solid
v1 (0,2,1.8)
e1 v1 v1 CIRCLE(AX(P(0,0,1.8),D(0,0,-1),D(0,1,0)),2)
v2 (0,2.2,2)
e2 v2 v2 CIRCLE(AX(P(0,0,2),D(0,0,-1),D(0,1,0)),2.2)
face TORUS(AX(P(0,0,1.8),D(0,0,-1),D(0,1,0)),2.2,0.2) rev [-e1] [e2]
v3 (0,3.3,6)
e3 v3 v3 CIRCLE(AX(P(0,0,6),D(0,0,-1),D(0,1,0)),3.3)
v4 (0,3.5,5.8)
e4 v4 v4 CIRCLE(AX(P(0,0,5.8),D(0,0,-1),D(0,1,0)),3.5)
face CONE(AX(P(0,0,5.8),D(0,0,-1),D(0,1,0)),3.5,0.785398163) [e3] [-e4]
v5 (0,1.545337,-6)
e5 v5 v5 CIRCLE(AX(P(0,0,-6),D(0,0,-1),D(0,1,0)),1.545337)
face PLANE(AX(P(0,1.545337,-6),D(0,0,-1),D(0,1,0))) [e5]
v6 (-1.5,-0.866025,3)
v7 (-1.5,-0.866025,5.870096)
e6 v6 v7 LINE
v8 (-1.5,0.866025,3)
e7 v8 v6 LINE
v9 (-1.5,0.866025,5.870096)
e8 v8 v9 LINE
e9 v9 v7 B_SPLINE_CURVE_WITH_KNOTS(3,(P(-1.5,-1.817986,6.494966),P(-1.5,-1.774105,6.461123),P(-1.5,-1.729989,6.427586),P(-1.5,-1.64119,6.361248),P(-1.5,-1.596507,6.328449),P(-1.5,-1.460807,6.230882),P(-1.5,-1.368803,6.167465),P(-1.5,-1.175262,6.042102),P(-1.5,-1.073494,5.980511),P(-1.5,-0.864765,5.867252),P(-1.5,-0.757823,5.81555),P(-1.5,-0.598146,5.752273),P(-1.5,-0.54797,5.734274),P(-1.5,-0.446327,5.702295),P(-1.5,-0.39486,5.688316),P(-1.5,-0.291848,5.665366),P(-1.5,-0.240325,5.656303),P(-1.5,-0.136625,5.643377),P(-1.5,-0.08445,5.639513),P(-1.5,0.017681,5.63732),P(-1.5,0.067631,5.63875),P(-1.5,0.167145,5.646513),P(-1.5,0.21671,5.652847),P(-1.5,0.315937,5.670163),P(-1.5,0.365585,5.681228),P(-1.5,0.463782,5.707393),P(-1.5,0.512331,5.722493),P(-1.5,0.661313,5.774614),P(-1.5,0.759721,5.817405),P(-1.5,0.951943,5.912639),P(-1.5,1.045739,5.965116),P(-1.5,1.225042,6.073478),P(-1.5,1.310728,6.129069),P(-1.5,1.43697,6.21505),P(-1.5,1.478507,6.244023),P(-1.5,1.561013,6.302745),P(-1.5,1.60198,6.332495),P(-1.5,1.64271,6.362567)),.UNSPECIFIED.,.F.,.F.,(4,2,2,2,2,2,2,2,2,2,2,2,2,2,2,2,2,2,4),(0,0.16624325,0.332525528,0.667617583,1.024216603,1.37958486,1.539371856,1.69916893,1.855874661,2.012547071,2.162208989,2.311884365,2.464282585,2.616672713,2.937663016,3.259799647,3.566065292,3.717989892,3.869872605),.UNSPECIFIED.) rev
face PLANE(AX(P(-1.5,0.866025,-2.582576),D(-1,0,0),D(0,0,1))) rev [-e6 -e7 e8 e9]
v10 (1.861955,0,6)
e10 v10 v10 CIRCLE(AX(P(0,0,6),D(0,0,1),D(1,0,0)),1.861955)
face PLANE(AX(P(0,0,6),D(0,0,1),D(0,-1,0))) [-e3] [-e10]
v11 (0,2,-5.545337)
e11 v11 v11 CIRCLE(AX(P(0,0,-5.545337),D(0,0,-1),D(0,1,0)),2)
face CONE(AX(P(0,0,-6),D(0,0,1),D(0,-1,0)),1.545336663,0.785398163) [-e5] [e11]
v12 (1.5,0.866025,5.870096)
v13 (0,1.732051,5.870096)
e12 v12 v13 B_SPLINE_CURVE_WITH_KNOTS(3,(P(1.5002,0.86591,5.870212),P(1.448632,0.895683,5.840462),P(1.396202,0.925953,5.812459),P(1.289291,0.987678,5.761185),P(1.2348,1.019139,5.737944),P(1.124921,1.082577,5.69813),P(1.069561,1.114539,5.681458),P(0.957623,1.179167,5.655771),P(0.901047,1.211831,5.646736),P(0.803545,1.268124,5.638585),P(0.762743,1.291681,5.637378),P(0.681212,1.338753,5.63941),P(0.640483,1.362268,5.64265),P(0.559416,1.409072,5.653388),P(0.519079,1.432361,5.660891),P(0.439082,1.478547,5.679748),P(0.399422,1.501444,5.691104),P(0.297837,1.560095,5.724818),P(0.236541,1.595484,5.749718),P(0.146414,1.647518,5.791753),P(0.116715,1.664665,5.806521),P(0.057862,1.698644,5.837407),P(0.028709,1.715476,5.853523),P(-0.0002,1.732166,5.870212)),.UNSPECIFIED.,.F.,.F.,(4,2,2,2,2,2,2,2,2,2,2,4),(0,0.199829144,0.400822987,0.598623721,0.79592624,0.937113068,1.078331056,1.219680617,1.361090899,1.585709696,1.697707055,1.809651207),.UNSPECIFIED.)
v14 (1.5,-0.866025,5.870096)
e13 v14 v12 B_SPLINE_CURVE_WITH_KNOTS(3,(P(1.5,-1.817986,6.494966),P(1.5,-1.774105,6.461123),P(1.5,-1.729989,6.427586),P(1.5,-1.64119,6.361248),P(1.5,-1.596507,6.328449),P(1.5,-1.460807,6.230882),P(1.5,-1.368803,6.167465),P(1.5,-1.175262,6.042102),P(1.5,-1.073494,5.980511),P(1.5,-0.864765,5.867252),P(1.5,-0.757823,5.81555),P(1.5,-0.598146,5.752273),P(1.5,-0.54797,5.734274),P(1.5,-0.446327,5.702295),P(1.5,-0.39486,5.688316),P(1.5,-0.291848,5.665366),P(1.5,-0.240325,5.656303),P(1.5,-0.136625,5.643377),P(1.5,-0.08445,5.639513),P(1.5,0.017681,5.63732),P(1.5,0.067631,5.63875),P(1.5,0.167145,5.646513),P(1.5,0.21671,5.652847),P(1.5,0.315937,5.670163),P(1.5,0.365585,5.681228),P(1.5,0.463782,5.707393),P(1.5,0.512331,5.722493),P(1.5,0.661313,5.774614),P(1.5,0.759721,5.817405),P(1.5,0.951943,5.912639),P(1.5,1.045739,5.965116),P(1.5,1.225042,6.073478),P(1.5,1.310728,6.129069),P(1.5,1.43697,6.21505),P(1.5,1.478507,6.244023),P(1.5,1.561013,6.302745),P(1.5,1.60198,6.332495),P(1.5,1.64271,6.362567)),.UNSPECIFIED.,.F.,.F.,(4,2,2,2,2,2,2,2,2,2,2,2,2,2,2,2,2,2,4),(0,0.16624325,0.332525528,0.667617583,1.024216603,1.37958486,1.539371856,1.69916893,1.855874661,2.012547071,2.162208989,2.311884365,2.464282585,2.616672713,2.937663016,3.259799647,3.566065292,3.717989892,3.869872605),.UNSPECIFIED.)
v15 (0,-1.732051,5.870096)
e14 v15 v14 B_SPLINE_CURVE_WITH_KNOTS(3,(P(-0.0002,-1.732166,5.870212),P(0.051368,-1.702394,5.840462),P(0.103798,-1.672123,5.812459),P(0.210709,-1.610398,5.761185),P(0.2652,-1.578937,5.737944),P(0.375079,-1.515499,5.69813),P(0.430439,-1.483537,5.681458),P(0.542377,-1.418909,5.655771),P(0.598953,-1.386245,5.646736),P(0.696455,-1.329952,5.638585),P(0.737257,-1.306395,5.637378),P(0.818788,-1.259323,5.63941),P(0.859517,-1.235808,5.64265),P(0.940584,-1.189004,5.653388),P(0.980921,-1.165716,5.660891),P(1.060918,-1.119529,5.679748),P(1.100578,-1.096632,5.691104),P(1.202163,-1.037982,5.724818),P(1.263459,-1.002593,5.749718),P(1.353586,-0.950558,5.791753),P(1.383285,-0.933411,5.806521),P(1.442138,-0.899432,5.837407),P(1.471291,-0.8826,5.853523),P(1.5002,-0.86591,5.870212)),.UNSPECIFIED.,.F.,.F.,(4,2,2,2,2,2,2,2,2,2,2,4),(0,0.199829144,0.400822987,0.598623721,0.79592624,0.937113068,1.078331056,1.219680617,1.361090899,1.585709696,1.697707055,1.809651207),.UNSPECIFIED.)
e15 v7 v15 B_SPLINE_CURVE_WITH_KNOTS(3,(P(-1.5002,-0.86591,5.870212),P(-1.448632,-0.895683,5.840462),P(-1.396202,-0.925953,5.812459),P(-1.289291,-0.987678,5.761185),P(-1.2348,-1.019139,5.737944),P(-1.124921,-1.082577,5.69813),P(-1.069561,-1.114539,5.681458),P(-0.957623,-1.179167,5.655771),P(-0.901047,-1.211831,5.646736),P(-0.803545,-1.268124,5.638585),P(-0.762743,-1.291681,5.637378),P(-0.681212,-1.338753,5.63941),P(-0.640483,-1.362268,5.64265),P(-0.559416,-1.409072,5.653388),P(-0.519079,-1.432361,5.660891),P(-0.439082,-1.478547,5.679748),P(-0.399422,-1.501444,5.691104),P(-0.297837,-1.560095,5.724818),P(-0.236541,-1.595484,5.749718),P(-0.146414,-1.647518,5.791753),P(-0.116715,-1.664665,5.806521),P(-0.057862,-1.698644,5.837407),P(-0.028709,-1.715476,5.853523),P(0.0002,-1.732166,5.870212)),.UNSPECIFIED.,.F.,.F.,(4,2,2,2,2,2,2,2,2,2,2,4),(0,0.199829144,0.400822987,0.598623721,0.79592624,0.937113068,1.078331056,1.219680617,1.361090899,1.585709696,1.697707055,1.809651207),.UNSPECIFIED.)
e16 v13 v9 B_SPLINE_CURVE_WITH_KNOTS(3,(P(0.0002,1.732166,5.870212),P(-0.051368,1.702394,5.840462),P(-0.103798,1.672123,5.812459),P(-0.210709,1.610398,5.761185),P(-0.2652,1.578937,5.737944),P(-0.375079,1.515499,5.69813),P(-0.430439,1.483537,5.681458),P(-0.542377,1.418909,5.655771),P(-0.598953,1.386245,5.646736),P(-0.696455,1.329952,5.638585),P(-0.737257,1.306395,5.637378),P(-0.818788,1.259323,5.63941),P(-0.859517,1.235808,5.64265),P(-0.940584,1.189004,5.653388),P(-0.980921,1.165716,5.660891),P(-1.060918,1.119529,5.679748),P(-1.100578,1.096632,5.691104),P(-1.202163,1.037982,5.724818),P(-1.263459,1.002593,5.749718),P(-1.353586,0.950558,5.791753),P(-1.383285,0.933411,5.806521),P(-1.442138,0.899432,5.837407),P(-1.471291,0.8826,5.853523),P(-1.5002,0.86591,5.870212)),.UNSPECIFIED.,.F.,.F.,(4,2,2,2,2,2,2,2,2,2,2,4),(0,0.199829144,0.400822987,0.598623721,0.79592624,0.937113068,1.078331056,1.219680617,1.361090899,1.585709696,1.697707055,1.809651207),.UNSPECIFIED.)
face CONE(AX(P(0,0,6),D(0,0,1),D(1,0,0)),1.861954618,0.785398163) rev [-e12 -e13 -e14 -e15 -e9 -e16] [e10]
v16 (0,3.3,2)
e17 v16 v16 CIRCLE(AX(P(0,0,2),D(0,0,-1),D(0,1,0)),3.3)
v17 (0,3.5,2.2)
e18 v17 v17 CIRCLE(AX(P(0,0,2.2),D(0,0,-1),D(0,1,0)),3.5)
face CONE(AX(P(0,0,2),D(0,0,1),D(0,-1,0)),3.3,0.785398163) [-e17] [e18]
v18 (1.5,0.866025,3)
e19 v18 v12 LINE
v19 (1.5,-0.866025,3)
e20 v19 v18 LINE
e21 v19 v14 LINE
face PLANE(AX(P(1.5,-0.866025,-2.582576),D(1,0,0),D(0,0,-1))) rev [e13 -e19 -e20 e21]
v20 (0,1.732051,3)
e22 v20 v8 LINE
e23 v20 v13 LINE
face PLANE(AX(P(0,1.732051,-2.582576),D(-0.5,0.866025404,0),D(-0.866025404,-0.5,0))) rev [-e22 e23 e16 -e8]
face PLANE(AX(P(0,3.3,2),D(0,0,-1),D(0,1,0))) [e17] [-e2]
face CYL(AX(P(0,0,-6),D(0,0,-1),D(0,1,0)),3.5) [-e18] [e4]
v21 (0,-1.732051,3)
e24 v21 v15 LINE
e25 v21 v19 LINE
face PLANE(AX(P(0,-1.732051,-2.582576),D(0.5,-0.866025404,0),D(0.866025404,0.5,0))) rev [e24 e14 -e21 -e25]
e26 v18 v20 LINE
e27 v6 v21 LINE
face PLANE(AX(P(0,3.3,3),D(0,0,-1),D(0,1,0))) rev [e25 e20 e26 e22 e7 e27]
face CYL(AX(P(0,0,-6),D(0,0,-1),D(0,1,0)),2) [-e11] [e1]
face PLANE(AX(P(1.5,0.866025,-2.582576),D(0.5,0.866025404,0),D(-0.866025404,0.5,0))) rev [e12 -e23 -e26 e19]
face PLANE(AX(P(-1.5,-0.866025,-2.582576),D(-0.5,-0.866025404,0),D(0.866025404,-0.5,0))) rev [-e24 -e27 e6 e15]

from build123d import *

# Parameters (mm, degrees)
CUT_EXTRUDE1_DEPTH = 3
SKETCH4_R          = 1.861954618
CUT_EXTRUDE2_DEPTH = 3
CUT_EXTRUDE2_DRAFT = -45


with BuildPart() as part:
    # Sketch2 → Revolve1 (revolve)
    with BuildSketch(Plane(origin=(0, 0, 0), x_dir=(0, 0, -1), z_dir=(1, 0, 0))):
        with BuildLine():
            Line((-6, 0), (-6, 3.3))
            Line((-6, 3.3), (-5.8, 3.5))
            Line((-5.8, 3.5), (-2.2, 3.5))
            Line((-2.2, 3.5), (-2, 3.3))
            Line((-2, 3.3), (-2, 2.2))
            ThreePointArc((-2, 2.2), (-1.941421356, 2.058578644), (-1.8, 2))
            Line((-1.8, 2), (5.545336663, 2))
            Line((5.545336663, 2), (6, 1.545336663))
            Line((6, 1.545336663), (6, 0))
            Line((6, 0), (-6, 0))
        make_face()
    revolve(axis=Axis((0, 0, -6), (0, 0, 1)))

    # Sketch3 → Cut-Extrude1 (cut)
    with BuildSketch(Plane.XY.offset(6)):
        Polygon((1.5, -0.866025404), (1.5, 0.866025404), (0, 1.732050808), (-1.5, 0.866025404), (-1.5, -0.866025404), (0, -1.732050808), align=None)
    extrude(amount=-CUT_EXTRUDE1_DEPTH, mode=Mode.SUBTRACT)


with BuildPart() as cut_extrude2_tool:
    # Sketch4 → Cut-Extrude2 (with draft: the straight prism first)
    with BuildSketch(Plane.XY.offset(6)):
        Circle(SKETCH4_R)
    extrude(amount=-CUT_EXTRUDE2_DEPTH)
    # Cut-Extrude2: the draft: its side faces are tilted about the plane it starts from
    cut_extrude2_sides = [cut_extrude2_tool.faces().sort_by_distance(p)[0] for p in [
        (-1.861954618, 0, 4.5),
    ]]
    draft(cut_extrude2_sides, Plane.XY.offset(6), CUT_EXTRUDE2_DRAFT)


with BuildPart() as part_1:
    add(part.part)

    # Cut-Extrude2: cut by cut_extrude2_tool
    add(cut_extrude2_tool.part, mode=Mode.SUBTRACT)


solid = part_1.part
